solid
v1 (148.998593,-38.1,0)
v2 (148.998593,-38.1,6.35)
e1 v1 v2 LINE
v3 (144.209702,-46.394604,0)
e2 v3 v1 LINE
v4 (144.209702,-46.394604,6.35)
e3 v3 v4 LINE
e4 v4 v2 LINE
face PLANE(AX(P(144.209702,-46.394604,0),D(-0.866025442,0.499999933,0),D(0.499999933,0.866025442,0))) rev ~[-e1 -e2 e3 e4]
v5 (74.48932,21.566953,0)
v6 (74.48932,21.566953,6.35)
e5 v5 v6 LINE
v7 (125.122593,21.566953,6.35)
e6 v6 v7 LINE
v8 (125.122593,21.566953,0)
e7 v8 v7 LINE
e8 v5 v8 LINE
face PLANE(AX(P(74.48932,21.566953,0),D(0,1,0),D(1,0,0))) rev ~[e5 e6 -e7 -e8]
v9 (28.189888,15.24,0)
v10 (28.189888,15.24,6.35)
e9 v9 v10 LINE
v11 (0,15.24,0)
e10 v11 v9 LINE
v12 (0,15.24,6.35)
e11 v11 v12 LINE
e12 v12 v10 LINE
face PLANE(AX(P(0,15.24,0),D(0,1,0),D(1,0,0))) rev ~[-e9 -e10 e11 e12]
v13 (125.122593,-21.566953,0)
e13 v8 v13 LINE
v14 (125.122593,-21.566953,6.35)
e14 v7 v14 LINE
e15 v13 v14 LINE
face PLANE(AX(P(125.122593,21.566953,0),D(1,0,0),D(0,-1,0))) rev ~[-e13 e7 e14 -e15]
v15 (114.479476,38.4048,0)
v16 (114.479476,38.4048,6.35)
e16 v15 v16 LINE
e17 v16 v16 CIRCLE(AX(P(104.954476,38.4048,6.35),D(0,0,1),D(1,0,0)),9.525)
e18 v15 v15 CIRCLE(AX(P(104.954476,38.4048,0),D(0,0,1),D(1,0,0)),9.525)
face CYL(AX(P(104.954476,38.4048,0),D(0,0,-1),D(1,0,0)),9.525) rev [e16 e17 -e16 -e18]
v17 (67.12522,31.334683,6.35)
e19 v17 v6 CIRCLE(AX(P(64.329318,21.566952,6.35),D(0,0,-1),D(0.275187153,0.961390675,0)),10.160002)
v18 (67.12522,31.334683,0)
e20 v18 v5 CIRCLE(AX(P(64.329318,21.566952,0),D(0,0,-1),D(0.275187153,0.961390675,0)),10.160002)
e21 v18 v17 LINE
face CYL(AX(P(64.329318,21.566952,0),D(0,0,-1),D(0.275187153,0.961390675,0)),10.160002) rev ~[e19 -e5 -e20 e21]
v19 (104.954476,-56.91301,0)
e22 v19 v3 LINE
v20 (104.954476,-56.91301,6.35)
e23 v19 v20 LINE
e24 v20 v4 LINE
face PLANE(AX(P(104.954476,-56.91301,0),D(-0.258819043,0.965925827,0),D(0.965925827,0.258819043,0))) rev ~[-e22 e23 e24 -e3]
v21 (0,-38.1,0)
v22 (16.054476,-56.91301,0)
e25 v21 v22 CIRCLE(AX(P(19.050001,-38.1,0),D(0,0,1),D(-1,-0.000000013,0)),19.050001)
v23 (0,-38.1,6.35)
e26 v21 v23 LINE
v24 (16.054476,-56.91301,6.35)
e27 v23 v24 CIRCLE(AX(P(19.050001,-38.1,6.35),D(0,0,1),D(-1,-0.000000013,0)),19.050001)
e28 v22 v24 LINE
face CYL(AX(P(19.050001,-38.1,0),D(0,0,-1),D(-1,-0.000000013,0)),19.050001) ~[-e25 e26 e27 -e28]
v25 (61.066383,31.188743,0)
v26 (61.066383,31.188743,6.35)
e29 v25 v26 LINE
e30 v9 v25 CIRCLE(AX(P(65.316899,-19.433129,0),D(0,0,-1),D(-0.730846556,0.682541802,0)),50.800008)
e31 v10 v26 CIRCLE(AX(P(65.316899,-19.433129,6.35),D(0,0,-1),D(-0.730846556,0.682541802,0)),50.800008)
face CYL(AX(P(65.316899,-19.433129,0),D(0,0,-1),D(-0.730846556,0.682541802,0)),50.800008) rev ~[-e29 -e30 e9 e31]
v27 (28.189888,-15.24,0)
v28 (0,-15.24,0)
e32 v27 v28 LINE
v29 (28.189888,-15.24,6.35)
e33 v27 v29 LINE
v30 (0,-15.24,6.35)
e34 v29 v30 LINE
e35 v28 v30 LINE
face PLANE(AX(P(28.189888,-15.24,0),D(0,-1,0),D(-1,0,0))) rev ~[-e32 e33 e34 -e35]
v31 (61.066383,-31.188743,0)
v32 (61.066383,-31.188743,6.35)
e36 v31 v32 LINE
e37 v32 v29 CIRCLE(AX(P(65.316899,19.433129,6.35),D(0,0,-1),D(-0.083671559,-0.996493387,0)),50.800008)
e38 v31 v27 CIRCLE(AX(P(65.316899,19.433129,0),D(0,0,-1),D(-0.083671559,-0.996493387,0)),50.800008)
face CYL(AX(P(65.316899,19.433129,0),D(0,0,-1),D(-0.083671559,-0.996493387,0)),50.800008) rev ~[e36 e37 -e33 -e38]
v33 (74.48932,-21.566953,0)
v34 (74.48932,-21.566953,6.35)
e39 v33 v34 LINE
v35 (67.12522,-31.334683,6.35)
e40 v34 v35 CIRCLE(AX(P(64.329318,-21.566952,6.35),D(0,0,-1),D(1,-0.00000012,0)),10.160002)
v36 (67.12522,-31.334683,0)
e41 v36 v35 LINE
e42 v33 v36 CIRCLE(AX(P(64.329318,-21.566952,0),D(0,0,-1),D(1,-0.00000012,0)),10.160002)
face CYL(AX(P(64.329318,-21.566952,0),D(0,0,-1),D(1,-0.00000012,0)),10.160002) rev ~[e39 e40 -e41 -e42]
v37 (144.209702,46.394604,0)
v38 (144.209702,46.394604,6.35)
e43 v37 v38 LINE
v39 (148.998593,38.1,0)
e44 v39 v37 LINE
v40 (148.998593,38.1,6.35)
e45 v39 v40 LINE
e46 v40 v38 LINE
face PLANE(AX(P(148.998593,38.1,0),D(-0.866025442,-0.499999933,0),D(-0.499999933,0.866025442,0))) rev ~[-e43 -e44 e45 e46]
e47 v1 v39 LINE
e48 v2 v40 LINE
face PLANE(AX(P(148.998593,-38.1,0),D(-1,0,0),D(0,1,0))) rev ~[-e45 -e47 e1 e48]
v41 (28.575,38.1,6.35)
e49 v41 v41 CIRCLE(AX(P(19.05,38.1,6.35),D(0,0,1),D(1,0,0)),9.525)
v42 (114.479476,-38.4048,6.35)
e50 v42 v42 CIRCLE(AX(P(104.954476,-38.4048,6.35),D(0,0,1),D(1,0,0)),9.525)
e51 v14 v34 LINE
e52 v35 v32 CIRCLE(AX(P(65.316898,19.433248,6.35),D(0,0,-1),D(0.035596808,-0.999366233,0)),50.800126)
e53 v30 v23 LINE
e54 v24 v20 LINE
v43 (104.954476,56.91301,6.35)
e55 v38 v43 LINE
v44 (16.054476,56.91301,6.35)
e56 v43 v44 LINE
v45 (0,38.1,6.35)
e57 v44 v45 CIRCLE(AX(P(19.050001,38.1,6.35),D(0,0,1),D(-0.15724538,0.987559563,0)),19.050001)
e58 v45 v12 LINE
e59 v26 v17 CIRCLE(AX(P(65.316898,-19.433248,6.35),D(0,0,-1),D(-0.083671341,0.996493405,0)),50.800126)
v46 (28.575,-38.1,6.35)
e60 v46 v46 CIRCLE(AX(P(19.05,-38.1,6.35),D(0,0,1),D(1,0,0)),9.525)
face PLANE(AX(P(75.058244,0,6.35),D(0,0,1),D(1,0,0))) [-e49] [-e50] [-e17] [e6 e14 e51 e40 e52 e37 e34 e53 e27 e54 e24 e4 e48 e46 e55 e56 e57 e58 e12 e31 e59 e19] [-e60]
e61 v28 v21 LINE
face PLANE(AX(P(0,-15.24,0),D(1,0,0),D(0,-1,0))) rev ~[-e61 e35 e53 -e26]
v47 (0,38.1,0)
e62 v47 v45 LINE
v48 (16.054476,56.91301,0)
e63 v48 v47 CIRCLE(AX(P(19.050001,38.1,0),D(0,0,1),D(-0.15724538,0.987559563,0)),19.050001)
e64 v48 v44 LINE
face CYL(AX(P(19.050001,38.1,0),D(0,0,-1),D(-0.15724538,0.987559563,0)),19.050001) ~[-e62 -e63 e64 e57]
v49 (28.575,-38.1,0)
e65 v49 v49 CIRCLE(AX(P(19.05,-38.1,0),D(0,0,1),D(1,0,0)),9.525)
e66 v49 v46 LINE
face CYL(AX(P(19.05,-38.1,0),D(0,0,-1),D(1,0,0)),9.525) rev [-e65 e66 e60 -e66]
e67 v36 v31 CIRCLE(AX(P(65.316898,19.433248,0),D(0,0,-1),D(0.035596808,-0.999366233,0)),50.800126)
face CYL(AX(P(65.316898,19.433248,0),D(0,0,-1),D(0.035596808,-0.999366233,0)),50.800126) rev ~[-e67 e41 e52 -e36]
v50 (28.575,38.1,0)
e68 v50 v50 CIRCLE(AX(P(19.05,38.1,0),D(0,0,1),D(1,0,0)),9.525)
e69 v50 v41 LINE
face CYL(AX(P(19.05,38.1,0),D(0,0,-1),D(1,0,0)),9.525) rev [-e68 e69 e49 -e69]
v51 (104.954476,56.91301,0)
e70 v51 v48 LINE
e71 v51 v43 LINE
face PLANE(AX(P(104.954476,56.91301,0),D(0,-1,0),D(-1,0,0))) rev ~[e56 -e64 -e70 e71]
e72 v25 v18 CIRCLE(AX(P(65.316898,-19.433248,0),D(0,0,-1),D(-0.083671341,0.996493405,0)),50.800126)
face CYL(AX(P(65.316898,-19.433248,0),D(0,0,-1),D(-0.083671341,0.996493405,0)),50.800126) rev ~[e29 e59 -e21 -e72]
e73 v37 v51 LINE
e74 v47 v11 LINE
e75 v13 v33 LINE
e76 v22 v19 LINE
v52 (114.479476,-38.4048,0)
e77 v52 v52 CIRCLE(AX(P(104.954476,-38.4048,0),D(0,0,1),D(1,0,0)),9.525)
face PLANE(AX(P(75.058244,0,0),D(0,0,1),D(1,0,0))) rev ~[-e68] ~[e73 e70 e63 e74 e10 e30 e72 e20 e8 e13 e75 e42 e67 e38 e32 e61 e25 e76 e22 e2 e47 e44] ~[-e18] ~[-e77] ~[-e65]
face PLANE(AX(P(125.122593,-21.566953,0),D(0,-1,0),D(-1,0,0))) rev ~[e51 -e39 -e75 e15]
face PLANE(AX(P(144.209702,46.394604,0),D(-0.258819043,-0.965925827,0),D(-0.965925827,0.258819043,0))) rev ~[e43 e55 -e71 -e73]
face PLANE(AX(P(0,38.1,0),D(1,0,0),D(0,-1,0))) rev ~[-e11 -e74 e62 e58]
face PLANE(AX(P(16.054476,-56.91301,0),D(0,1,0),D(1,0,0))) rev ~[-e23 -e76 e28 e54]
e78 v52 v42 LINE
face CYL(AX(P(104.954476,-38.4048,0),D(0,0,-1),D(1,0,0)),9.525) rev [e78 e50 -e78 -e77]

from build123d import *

# Parameters (mm, degrees)
F0_R     = 9.525
F1_DEPTH = 6.35


with BuildPart() as f1:
    # F0 (on Top) → F1 (new body)
    with BuildSketch(Plane.XY):
        with BuildLine():
            Line((104.954476, 56.91301), (16.054476, 56.91301))
            ThreePointArc((16.054476, 56.91301), (4.559189, 50.466038), (0, 38.1))
            Line((0, 38.1), (0, 15.24))
            Line((0, 15.24), (28.189888, 15.24))
            ThreePointArc((28.189888, 15.24), (43.144494, 26.272727), (61.066383, 31.188743))
            ThreePointArc((61.066383, 31.188743), (64.084666, 31.724007), (67.12522, 31.334683))
            ThreePointArc((67.12522, 31.334683), (72.442024, 27.683294), (74.48932, 21.566953))
            Line((74.48932, 21.566953), (125.122593, 21.566953))
            Line((125.122593, 21.566953), (125.122593, -21.566953))
            Line((125.122593, -21.566953), (74.48932, -21.566953))
            ThreePointArc((74.48932, -21.566953), (72.442024, -27.683294), (67.12522, -31.334683))
            ThreePointArc((67.12522, -31.334683), (64.084666, -31.724007), (61.066383, -31.188743))
            ThreePointArc((61.066383, -31.188743), (43.144494, -26.272727), (28.189888, -15.24))
            Line((28.189888, -15.24), (0, -15.24))
            Line((0, -15.24), (0, -38.1))
            ThreePointArc((0, -38.1), (4.559189, -50.466038), (16.054476, -56.91301))
            Line((16.054476, -56.91301), (104.954476, -56.91301))
            Line((104.954476, -56.91301), (144.209702, -46.394604))
            Line((144.209702, -46.394604), (148.998593, -38.1))
            Line((148.998593, -38.1), (148.998593, 0))
            Line((148.998593, 0), (148.998593, 38.1))
            Line((148.998593, 38.1), (144.209702, 46.394604))
            Line((144.209702, 46.394604), (104.954476, 56.91301))
        make_face()
        with Locations((19.05, -38.1)):
            Circle(F0_R, mode=Mode.SUBTRACT)
        with Locations((104.954476, -38.4048)):
            Circle(F0_R, mode=Mode.SUBTRACT)
        with Locations((19.05, 38.1)):
            Circle(F0_R, mode=Mode.SUBTRACT)
        with Locations((104.954476, 38.4048)):
            Circle(F0_R, mode=Mode.SUBTRACT)
        with BuildLine():
            ThreePointArc((67.12522, 31.334683), (64.084666, 31.724007), (61.066383, 31.188743))
            ThreePointArc((61.066383, 31.188743), (64.093623, 31.352148), (67.12522, 31.334683))
        make_face()
        with BuildLine():
            ThreePointArc((61.066383, -31.188743), (64.084666, -31.724007), (67.12522, -31.334683))
            ThreePointArc((67.12522, -31.334683), (64.093623, -31.352148), (61.066383, -31.188743))
        make_face()
    extrude(amount=F1_DEPTH)


solid = f1.part
